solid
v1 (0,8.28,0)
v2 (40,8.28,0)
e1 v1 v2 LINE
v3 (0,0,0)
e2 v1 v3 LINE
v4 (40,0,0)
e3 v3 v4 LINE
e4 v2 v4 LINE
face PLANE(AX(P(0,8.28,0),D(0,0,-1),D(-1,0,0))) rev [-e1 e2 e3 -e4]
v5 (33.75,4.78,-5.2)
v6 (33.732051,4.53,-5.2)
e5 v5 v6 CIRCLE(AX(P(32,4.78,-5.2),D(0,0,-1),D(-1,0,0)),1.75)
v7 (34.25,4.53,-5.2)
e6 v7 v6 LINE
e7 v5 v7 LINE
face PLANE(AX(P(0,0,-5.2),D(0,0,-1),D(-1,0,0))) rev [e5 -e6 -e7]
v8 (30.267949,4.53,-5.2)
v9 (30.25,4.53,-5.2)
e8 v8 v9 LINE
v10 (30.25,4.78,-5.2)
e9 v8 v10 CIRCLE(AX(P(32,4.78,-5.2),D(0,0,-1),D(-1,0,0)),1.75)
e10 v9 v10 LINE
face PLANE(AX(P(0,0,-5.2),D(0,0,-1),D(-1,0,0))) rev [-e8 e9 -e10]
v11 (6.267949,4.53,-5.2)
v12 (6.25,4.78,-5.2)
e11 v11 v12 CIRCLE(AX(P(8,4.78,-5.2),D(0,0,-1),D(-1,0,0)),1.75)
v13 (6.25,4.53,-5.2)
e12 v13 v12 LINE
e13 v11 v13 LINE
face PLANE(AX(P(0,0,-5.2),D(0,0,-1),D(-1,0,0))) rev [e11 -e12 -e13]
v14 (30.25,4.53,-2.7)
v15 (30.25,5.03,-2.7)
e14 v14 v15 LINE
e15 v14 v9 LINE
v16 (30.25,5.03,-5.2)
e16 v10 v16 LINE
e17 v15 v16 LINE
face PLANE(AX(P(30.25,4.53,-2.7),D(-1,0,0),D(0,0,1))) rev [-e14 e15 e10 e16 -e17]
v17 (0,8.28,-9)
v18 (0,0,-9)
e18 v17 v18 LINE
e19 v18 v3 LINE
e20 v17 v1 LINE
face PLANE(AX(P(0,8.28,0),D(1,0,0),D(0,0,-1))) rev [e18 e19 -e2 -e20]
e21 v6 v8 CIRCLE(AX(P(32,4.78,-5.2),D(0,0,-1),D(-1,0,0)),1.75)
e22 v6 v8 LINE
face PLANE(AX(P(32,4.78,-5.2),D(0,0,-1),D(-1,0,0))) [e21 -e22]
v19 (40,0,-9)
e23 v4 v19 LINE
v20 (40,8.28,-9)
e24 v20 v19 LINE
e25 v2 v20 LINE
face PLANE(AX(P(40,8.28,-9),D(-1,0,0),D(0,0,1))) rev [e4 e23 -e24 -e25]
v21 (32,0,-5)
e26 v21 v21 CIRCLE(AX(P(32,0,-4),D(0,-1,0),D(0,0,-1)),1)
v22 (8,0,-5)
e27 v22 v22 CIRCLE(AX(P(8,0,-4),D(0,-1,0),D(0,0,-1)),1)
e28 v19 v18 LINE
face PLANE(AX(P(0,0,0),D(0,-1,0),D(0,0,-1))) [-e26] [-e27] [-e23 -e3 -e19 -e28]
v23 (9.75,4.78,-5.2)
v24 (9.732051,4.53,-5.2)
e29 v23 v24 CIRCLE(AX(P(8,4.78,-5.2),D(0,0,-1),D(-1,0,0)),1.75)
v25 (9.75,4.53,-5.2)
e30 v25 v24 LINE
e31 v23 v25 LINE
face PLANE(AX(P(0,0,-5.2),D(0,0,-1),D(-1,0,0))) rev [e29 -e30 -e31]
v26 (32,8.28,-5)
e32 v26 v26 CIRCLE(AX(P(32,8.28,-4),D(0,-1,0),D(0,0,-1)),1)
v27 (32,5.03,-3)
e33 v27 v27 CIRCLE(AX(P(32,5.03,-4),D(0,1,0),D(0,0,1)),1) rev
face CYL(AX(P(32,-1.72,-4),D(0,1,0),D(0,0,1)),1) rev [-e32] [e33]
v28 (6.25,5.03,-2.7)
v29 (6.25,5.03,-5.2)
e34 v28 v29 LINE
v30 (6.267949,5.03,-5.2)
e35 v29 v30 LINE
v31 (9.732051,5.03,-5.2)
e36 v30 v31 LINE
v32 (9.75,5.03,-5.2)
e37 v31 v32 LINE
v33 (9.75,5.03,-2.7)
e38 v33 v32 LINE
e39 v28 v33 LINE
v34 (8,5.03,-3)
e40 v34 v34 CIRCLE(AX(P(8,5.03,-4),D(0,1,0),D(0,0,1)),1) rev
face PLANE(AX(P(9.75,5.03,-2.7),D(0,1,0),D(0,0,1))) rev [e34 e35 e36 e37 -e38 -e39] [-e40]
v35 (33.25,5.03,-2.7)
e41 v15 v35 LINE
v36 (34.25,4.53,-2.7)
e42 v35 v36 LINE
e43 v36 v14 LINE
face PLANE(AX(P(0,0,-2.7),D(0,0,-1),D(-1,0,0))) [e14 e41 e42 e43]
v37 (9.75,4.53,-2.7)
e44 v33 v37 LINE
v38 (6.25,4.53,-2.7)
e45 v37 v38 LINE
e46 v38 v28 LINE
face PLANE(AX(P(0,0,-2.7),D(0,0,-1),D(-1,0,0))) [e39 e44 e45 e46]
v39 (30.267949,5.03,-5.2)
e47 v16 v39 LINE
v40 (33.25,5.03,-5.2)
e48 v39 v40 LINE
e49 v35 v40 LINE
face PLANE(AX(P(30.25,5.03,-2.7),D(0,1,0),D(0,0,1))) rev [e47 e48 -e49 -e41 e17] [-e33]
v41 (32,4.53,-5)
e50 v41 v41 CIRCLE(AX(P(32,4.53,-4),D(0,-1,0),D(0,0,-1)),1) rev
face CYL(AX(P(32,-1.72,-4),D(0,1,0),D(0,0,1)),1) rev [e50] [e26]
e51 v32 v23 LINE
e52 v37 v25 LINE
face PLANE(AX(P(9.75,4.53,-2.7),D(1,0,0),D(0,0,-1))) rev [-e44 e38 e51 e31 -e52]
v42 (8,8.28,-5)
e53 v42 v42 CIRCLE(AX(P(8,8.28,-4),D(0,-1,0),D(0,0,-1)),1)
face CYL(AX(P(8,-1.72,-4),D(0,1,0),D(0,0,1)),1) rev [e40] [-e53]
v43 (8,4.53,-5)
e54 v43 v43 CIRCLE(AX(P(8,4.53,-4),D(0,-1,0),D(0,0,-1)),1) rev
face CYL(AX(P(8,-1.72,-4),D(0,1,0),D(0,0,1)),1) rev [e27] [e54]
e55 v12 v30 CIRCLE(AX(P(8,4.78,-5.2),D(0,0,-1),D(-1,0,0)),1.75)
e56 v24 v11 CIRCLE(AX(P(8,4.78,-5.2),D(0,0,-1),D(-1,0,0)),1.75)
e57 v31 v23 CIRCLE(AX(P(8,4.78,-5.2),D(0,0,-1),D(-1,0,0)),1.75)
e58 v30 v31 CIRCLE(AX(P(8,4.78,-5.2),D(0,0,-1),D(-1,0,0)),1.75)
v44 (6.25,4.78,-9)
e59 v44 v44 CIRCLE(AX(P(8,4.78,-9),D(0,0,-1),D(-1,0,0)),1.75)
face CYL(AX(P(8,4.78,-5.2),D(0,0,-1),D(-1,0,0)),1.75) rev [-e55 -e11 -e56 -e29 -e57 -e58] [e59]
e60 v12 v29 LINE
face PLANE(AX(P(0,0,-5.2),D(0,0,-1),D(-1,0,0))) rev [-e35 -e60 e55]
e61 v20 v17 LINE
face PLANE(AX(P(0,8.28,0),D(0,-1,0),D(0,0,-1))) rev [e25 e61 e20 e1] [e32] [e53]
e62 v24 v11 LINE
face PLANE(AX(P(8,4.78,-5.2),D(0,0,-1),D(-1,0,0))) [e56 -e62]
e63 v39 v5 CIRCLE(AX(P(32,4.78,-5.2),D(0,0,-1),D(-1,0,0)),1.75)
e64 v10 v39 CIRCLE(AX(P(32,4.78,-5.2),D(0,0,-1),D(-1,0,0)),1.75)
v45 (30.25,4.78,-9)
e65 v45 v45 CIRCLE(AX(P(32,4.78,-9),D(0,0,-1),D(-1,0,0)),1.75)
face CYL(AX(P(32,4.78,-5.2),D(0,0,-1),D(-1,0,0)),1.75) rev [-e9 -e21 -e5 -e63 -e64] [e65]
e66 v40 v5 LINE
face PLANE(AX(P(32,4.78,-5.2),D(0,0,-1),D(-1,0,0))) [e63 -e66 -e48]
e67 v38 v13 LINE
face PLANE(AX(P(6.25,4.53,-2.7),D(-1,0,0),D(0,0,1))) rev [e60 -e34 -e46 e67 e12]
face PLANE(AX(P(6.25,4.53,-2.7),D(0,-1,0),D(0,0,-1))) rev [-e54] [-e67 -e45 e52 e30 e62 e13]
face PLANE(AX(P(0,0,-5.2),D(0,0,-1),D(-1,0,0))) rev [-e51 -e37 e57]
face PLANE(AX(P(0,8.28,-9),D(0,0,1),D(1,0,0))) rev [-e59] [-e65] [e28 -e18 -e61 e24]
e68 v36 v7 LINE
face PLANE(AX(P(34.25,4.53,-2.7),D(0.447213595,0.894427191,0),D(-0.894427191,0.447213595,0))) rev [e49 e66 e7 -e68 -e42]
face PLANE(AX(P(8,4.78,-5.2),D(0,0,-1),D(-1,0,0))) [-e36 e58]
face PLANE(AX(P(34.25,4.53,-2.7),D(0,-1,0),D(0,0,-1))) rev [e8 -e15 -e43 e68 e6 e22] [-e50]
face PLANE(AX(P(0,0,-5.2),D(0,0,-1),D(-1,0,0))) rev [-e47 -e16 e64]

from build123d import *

# Parameters (mm, degrees)
SKETCH1_W               = 40
SKETCH1_H               = 9
BOSS_EXTRUDE1_DEPTH     = 8.28
CUT_EXTRUDE1_DEPTH      = 5
CUT_EXTRUDE1_DEPTH_BACK = 10
SKETCH2_R               = 1
SKETCH3_R               = 1.75
CUT_EXTRUDE6_DEPTH      = 3.8
SKETCH4_W               = 3.5
SKETCH4_H               = 0.5
CUT_EXTRUDE7_DEPTH      = 2.5


with BuildPart() as part:
    # Sketch1 → Boss-Extrude1 (new body)
    with BuildSketch(Plane(origin=(0, 0, 0), x_dir=(1, 0, 0), z_dir=(0, 1, 0))):
        with Locations((20, 4.5)):
            Rectangle(SKETCH1_W, SKETCH1_H)
    extrude(amount=BOSS_EXTRUDE1_DEPTH)

    # Sketch2 → Cut-Extrude1 (cut, two sides: drawn at the far end of the back side and taken through both)
    with BuildSketch(Plane(origin=(0, 8.28, 0), x_dir=(1, 0, 0), z_dir=(0, 1, 0)).offset(-CUT_EXTRUDE1_DEPTH_BACK)):
        with Locations(Location((8, 4, 0), (0, 0, 90))):
            Circle(SKETCH2_R)
        with Locations(Location((32, 4, 0), (0, 0, 90))):
            Circle(SKETCH2_R)
    extrude(amount=CUT_EXTRUDE1_DEPTH + CUT_EXTRUDE1_DEPTH_BACK, mode=Mode.SUBTRACT)

    # Sketch3 → Cut-Extrude6 (cut)
    with BuildSketch(Plane(origin=(0, 0, -9), x_dir=(-1, 0, 0), z_dir=(0, 0, -1))):
        with Locations((-32, 4.78)):
            Circle(SKETCH3_R)
        with Locations((-8, 4.78)):
            Circle(SKETCH3_R)
    extrude(amount=-CUT_EXTRUDE6_DEPTH, mode=Mode.SUBTRACT)

    # Sketch4 → Cut-Extrude7 (cut)
    with BuildSketch(Plane(origin=(0, 0, -5.2), x_dir=(-1, 0, 0), z_dir=(0, 0, -1))):
        Polygon((-30.25, 5.03), (-33.25, 5.03), (-34.25, 4.53), (-30.25, 4.53), align=None)
        with Locations((-8, 4.78)):
            Rectangle(SKETCH4_W, SKETCH4_H)
    extrude(amount=-CUT_EXTRUDE7_DEPTH, mode=Mode.SUBTRACT)


solid = part.part
